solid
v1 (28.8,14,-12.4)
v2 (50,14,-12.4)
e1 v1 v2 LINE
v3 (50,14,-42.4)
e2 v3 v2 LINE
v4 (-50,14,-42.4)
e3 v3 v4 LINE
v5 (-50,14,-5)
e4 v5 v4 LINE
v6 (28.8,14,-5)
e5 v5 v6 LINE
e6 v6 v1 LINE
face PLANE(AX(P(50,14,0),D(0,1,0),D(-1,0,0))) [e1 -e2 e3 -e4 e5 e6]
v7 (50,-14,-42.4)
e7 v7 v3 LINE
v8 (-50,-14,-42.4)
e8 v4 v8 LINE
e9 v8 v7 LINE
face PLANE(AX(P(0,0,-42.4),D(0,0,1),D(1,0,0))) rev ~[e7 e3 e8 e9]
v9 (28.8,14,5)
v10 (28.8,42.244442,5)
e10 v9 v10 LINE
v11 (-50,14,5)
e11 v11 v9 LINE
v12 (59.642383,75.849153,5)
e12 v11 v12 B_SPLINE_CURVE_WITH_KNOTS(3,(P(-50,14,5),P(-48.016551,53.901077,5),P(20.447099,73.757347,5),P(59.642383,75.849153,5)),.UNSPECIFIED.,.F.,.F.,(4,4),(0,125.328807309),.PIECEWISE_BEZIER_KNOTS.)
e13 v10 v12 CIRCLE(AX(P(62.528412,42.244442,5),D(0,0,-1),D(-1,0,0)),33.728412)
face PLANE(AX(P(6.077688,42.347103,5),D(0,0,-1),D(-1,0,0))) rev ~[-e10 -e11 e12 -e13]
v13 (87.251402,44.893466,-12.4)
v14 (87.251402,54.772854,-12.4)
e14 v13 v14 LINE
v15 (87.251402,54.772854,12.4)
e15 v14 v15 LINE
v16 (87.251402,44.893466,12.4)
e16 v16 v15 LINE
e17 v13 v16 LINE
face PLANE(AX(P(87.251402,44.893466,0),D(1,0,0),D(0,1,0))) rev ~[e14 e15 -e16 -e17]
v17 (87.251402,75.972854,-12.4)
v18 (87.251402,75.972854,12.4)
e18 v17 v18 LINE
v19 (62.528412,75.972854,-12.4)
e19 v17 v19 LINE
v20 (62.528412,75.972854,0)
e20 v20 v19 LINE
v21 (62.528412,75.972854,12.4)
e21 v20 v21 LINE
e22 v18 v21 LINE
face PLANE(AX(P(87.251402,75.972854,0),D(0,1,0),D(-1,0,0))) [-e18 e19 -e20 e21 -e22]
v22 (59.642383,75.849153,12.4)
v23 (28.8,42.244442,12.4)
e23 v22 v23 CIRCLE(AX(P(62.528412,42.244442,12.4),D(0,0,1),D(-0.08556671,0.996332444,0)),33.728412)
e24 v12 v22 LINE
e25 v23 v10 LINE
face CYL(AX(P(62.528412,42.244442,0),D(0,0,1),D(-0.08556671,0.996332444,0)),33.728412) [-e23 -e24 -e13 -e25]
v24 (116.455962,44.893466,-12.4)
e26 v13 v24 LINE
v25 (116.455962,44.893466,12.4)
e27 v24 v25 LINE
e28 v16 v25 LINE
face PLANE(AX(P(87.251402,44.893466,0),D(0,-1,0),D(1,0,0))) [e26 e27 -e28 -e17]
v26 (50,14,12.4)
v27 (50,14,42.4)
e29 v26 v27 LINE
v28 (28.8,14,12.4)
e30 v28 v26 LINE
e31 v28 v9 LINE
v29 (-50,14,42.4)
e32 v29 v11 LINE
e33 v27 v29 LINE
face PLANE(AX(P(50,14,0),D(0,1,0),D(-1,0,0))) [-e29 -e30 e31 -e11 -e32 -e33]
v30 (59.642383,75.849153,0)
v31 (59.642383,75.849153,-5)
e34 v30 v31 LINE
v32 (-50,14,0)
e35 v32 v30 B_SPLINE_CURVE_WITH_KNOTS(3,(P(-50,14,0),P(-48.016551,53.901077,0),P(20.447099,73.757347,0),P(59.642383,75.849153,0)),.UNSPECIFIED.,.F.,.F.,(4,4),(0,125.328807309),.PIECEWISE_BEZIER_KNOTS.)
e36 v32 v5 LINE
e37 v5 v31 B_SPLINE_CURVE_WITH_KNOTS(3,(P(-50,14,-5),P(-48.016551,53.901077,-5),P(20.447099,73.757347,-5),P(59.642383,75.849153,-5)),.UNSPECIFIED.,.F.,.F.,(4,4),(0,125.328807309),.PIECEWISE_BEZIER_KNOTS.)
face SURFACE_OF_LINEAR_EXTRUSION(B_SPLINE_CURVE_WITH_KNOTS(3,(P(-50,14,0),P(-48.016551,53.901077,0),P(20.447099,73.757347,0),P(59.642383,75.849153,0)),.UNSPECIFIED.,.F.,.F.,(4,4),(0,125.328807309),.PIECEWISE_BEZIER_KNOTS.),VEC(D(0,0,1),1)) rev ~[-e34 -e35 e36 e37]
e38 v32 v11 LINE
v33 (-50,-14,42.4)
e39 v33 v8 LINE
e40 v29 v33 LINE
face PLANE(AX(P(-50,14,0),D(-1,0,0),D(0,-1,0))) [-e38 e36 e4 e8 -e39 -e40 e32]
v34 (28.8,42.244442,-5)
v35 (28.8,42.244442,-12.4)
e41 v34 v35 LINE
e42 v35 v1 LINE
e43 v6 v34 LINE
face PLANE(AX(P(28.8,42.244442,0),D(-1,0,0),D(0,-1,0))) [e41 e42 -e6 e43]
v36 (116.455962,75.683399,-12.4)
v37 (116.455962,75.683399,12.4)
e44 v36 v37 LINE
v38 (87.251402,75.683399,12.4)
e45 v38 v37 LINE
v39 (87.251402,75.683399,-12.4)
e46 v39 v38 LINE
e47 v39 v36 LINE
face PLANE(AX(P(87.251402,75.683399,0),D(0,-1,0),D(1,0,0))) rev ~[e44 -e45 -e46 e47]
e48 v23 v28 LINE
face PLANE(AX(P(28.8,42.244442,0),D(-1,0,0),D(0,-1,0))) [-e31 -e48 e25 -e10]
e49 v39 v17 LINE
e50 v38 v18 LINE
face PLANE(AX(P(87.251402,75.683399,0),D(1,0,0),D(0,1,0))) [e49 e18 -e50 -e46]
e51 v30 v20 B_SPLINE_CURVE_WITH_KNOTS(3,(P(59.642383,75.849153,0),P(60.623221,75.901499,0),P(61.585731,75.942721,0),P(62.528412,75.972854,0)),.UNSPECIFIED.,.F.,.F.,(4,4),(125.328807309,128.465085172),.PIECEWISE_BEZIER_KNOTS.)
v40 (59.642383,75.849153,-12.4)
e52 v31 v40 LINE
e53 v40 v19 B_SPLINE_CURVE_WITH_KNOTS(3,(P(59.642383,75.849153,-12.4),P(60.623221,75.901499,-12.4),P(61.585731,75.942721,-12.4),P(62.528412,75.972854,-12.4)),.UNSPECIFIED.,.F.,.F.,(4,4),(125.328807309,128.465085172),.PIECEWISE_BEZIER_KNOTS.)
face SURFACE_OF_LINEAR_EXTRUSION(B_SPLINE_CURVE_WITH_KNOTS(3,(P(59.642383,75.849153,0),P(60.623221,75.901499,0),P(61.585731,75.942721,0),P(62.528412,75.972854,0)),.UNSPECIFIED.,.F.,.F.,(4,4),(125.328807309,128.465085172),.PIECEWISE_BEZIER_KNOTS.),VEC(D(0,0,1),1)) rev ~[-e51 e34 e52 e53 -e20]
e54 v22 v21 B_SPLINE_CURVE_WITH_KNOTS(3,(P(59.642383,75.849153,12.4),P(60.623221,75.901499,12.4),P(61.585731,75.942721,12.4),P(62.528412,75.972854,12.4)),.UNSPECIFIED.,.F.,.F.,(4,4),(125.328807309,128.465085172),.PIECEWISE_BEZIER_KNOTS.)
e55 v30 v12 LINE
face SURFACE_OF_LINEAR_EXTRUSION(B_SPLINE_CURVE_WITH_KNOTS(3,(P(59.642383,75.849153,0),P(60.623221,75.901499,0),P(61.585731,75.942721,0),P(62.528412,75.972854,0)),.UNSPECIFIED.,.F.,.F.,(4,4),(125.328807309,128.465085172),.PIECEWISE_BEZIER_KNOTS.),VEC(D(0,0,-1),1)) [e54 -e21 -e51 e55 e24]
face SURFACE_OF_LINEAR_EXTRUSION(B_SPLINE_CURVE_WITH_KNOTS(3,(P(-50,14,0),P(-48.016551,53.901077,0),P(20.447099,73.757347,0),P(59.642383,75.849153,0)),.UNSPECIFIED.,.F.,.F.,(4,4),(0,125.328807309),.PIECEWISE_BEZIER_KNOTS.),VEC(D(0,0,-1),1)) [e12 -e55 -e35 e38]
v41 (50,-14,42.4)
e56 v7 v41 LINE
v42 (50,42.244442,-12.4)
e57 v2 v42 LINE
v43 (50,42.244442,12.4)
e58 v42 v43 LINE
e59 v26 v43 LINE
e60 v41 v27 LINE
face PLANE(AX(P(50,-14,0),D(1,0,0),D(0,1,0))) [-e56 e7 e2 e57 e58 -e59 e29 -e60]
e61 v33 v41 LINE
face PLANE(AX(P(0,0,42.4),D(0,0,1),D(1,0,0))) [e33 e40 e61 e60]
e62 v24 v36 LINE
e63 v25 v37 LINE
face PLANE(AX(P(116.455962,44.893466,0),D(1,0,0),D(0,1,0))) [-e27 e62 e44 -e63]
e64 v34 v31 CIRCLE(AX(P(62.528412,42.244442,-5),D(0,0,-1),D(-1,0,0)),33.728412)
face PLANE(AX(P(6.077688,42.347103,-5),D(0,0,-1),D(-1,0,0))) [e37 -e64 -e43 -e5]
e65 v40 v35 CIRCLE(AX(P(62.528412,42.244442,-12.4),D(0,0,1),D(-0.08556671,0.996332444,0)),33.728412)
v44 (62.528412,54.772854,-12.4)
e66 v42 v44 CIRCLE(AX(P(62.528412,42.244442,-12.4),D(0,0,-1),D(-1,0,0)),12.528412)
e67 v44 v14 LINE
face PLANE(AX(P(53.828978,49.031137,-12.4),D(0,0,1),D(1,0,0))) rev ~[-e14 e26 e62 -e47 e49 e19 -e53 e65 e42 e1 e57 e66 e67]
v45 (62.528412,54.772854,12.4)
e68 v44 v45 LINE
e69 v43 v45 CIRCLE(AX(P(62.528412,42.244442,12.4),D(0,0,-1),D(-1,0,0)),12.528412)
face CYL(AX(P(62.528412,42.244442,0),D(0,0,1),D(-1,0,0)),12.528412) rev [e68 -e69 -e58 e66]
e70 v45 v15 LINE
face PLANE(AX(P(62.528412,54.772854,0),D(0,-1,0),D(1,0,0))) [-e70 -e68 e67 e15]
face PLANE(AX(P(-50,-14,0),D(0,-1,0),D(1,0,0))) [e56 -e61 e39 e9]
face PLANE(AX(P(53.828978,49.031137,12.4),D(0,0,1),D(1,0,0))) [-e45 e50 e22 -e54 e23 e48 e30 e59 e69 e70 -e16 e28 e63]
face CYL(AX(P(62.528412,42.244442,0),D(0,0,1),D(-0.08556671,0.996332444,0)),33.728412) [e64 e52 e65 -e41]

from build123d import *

# Parameters (mm, degrees)
F1_DEPTH = 42.4
F0_W     = 29.2045593262
F0_H     = 20.9105454808
F0_H_2   = 9.8793879763
F2_DEPTH = 12.4
F3_DEPTH = 5


with BuildPart() as f1:
    # F0 (on Top) → F1 (new body, symmetric)
    with BuildSketch(Plane.XY):
        Polygon((-50, -14), (50, -14), (50, 14), (28.8000002503, 14), (-50, 14), align=None)
    extrude(amount=F1_DEPTH, both=True)

    # F0 (on Top) → F2 (join, symmetric)
    with BuildSketch(Plane.XY):
        with BuildLine():
            Line((28.8000002503, 14), (50, 14))
            Line((50, 14), (50, 42.2444418685))
            ThreePointArc((50, 42.2444418685), (53.6694869302, 51.1033669823), (62.528412044, 54.7728539125))
            Line((62.528412044, 54.7728539125), (87.2514024377, 54.7728539125))
            Line((87.2514024377, 54.7728539125), (87.2514024377, 75.6833993933))
            Line((87.2514024377, 75.6833993933), (87.2514024377, 75.9728536622))
            Line((87.2514024377, 75.9728536622), (62.528412044, 75.9728536622))
            add(Edge.make_bspline(
                [(59.6423828035, 75.8491528083), (60.623221152, 75.9014989859), (61.5857310507, 75.9427206922), (62.528412044, 75.9728536622)],
                knots=[125.3288073091, 125.3288073091, 125.3288073091, 125.3288073091, 128.4650851718, 128.4650851718, 128.4650851718, 128.4650851718], degree=3))
            ThreePointArc((59.6423828035, 75.8491528083), (37.6793985345, 65.0508508301), (28.8000002503, 42.2444418685))
            Line((28.8000002503, 42.2444418685), (28.8000002503, 14))
        make_face()
        with Locations((101.8536821008, 65.2281266529)):
            Rectangle(F0_W, F0_H)
        with Locations((101.8536821008, 49.8331599243)):
            Rectangle(F0_W, F0_H_2)
    extrude(amount=F2_DEPTH, both=True)

    # F0 (on Top) → F3 (join, symmetric)
    with BuildSketch(Plane.XY):
        with BuildLine():
            add(Edge.make_bspline(
                [(-50, 14), (-48.0165507364, 53.9010766579), (20.4470991711, 73.7573470777), (59.6423828035, 75.8491528083)],
                knots=[0, 0, 0, 0, 125.3288073091, 125.3288073091, 125.3288073091, 125.3288073091], degree=3))
            Line((-50, 14), (28.8000002503, 14))
            Line((28.8000002503, 14), (28.8000002503, 42.2444418685))
            ThreePointArc((28.8000002503, 42.2444418685), (37.6793985345, 65.0508508301), (59.6423828035, 75.8491528083))
        make_face()
    extrude(amount=F3_DEPTH, both=True)


solid = f1.part
